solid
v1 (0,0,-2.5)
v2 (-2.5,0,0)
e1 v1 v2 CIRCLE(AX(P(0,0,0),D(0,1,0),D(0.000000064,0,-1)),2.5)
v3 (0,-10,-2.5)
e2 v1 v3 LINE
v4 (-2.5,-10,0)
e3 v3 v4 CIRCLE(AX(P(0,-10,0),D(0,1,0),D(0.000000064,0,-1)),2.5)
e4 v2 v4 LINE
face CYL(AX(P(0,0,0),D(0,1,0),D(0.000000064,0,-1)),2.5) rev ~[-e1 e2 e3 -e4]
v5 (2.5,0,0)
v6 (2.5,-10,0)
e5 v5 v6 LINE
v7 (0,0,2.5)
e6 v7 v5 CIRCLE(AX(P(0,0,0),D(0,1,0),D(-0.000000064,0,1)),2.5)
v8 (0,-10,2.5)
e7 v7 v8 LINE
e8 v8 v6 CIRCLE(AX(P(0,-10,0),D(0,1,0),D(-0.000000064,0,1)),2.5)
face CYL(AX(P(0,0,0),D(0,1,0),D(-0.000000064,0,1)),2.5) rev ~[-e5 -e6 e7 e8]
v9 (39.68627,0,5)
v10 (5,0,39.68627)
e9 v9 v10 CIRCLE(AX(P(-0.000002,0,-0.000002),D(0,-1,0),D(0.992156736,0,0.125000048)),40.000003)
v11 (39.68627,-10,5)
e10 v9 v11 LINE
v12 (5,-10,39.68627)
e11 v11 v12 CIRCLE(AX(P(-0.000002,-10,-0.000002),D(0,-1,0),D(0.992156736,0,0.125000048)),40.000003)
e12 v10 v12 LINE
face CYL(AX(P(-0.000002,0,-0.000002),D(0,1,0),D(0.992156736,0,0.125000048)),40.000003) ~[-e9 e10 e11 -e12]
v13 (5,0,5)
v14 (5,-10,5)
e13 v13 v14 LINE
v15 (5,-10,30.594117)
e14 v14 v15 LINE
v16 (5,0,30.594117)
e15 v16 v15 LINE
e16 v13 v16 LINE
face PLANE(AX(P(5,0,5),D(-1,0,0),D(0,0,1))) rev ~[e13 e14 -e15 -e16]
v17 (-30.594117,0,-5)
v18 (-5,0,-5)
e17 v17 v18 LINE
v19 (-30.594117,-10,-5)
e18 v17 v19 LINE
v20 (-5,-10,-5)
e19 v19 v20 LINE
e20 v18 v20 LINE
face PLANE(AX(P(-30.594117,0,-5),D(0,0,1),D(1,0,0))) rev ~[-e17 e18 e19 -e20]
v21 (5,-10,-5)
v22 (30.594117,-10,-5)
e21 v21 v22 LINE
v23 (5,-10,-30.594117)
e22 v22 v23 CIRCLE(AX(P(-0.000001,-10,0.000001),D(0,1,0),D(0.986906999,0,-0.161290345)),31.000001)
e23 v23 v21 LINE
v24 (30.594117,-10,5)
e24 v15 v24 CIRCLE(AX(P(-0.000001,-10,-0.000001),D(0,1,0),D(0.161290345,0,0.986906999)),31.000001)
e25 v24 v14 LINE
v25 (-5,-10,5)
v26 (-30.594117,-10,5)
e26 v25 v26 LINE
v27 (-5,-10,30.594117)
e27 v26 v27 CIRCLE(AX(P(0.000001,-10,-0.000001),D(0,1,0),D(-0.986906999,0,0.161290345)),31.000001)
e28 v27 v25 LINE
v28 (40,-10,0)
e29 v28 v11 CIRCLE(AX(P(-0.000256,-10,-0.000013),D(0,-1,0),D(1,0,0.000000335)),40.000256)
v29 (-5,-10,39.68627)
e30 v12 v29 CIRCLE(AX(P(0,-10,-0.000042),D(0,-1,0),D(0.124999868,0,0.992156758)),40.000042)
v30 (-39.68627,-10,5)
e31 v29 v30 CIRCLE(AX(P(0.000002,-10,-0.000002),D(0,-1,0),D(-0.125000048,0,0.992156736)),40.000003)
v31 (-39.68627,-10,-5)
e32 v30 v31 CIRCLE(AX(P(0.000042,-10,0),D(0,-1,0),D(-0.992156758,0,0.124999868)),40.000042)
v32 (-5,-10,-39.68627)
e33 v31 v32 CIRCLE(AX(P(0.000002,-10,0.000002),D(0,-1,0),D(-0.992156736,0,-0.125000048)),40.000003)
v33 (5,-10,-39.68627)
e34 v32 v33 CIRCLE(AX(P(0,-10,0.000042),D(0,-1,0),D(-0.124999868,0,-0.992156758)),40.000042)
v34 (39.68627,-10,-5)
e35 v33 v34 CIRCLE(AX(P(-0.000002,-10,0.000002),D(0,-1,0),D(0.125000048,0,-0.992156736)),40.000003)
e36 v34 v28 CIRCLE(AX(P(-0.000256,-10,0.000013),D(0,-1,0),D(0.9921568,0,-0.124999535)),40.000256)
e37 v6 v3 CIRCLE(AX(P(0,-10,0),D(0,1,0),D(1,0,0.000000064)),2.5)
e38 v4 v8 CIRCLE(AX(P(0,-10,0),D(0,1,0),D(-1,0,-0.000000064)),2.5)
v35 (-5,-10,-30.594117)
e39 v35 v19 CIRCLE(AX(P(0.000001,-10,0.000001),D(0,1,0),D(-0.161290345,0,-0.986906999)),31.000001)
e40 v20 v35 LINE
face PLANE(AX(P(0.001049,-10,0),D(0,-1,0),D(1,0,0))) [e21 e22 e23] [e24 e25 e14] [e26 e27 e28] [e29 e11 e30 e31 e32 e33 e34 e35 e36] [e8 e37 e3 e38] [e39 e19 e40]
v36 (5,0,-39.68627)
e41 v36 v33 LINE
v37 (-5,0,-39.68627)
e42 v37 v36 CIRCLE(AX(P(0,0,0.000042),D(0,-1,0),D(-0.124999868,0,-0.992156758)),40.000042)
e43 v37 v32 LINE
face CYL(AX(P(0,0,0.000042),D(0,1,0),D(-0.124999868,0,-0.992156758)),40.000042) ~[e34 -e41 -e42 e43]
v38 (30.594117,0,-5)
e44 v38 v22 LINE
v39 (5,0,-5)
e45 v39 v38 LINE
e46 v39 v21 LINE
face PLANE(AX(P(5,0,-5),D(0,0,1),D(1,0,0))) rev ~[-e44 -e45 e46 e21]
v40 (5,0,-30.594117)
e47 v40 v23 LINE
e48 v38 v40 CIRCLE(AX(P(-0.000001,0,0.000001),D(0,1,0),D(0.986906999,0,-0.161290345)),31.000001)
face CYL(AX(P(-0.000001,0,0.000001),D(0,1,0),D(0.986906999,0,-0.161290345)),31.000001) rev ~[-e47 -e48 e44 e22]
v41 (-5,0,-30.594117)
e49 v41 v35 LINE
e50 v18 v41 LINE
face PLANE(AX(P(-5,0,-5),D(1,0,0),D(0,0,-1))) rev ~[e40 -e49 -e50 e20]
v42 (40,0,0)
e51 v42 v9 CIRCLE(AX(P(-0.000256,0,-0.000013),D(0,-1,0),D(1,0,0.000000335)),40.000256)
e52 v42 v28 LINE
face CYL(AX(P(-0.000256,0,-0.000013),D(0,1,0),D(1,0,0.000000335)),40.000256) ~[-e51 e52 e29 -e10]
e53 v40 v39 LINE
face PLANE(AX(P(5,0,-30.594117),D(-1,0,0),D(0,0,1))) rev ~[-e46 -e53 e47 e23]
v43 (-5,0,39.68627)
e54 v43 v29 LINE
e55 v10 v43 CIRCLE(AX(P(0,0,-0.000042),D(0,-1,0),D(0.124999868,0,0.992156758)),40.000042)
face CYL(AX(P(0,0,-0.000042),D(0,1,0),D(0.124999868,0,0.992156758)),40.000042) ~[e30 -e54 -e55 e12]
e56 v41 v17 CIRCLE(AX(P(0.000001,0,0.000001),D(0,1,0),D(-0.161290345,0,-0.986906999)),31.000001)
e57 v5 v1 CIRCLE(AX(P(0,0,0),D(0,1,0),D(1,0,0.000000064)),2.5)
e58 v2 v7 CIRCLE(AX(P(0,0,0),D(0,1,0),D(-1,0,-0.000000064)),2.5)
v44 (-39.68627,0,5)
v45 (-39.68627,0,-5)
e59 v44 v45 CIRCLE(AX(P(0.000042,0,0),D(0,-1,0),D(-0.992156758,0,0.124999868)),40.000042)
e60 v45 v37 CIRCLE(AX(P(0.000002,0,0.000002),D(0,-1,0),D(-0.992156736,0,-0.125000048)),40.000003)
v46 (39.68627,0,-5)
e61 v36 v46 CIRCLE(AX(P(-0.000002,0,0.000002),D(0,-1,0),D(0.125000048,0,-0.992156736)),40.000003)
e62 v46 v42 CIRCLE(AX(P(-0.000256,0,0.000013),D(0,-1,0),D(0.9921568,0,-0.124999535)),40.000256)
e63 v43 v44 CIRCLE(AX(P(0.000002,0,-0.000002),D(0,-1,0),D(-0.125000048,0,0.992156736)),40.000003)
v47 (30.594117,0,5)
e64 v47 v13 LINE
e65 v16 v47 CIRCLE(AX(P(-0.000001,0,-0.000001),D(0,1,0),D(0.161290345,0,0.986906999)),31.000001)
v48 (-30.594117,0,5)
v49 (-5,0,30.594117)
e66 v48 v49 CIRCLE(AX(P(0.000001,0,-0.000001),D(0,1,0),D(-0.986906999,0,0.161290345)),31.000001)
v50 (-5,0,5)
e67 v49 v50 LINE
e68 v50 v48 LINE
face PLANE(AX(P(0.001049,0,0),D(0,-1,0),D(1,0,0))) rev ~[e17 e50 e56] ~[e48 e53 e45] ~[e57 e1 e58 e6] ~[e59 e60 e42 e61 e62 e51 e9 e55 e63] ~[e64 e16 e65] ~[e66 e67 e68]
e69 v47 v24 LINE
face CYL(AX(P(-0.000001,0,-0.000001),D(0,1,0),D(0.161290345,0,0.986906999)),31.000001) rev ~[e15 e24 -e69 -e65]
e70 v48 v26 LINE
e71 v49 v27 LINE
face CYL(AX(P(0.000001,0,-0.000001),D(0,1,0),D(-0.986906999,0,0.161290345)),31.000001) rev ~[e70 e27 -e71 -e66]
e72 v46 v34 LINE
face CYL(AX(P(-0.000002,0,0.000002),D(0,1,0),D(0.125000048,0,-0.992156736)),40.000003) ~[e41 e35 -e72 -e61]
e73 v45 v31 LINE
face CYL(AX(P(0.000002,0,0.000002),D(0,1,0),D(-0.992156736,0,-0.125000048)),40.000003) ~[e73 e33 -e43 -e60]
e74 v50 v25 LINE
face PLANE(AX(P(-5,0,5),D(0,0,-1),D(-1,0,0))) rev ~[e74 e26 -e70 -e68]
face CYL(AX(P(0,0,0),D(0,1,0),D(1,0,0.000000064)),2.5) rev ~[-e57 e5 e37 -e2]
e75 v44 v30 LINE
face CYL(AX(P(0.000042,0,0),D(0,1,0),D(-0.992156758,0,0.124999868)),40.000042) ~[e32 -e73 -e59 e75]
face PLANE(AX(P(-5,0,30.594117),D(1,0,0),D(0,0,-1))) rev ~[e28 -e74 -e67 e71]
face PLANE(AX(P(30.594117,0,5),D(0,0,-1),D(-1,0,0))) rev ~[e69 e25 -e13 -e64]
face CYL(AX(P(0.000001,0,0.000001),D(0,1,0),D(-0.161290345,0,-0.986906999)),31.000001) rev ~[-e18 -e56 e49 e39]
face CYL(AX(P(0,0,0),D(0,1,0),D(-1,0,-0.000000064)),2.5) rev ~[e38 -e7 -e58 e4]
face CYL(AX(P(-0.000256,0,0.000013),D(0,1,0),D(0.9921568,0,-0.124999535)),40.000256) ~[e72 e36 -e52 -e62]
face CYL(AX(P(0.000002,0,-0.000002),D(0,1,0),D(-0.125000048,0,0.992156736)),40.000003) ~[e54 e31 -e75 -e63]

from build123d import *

# Parameters (mm, degrees)
F1_DEPTH = 10


with BuildPart() as f1:
    # F0 (on Front) → F1 (new body)
    with BuildSketch(Plane.XZ):
        with BuildLine():
            ThreePointArc((39.68627, -5), (39.92149, -2.504917), (40, 0))
            ThreePointArc((40, 0), (39.92149, 2.504917), (39.68627, 5))
            ThreePointArc((39.68627, 5), (28.284271, 28.284271), (5, 39.68627))
            ThreePointArc((5, 39.68627), (0, 40), (-5, 39.68627))
            ThreePointArc((-5, 39.68627), (-28.284271, 28.284271), (-39.68627, 5))
            ThreePointArc((-39.68627, 5), (-40, 0), (-39.68627, -5))
            ThreePointArc((-39.68627, -5), (-28.284271, -28.284271), (-5, -39.68627))
            ThreePointArc((-5, -39.68627), (0, -40), (5, -39.68627))
            ThreePointArc((5, -39.68627), (28.284271, -28.284271), (39.68627, -5))
        make_face()
        with BuildLine():
            ThreePointArc((-5, -30.594117), (-21.92031, -21.92031), (-30.594117, -5))
            Line((-30.594117, -5), (-5, -5))
            Line((-5, -5), (-5, -30.594117))
        make_face(mode=Mode.SUBTRACT)
        with BuildLine():
            Line((5, -30.594117), (5, -5))
            Line((5, -5), (30.594117, -5))
            ThreePointArc((30.594117, -5), (21.92031, -21.92031), (5, -30.594117))
        make_face(mode=Mode.SUBTRACT)
        with BuildLine():
            ThreePointArc((-30.594117, 5), (-21.92031, 21.92031), (-5, 30.594117))
            Line((-5, 30.594117), (-5, 5))
            Line((-5, 5), (-30.594117, 5))
        make_face(mode=Mode.SUBTRACT)
        with BuildLine():
            ThreePointArc((0, 2.5), (1.767767, 1.767767), (2.5, 0))
            ThreePointArc((2.5, 0), (1.767767, -1.767767), (0, -2.5))
            ThreePointArc((0, -2.5), (-1.767767, -1.767767), (-2.5, 0))
            ThreePointArc((-2.5, 0), (-1.767767, 1.767767), (0, 2.5))
        make_face(mode=Mode.SUBTRACT)
        with BuildLine():
            Line((30.594117, 5), (5, 5))
            Line((5, 5), (5, 30.594117))
            ThreePointArc((5, 30.594117), (21.92031, 21.92031), (30.594117, 5))
        make_face(mode=Mode.SUBTRACT)
    extrude(amount=F1_DEPTH)


solid = f1.part
